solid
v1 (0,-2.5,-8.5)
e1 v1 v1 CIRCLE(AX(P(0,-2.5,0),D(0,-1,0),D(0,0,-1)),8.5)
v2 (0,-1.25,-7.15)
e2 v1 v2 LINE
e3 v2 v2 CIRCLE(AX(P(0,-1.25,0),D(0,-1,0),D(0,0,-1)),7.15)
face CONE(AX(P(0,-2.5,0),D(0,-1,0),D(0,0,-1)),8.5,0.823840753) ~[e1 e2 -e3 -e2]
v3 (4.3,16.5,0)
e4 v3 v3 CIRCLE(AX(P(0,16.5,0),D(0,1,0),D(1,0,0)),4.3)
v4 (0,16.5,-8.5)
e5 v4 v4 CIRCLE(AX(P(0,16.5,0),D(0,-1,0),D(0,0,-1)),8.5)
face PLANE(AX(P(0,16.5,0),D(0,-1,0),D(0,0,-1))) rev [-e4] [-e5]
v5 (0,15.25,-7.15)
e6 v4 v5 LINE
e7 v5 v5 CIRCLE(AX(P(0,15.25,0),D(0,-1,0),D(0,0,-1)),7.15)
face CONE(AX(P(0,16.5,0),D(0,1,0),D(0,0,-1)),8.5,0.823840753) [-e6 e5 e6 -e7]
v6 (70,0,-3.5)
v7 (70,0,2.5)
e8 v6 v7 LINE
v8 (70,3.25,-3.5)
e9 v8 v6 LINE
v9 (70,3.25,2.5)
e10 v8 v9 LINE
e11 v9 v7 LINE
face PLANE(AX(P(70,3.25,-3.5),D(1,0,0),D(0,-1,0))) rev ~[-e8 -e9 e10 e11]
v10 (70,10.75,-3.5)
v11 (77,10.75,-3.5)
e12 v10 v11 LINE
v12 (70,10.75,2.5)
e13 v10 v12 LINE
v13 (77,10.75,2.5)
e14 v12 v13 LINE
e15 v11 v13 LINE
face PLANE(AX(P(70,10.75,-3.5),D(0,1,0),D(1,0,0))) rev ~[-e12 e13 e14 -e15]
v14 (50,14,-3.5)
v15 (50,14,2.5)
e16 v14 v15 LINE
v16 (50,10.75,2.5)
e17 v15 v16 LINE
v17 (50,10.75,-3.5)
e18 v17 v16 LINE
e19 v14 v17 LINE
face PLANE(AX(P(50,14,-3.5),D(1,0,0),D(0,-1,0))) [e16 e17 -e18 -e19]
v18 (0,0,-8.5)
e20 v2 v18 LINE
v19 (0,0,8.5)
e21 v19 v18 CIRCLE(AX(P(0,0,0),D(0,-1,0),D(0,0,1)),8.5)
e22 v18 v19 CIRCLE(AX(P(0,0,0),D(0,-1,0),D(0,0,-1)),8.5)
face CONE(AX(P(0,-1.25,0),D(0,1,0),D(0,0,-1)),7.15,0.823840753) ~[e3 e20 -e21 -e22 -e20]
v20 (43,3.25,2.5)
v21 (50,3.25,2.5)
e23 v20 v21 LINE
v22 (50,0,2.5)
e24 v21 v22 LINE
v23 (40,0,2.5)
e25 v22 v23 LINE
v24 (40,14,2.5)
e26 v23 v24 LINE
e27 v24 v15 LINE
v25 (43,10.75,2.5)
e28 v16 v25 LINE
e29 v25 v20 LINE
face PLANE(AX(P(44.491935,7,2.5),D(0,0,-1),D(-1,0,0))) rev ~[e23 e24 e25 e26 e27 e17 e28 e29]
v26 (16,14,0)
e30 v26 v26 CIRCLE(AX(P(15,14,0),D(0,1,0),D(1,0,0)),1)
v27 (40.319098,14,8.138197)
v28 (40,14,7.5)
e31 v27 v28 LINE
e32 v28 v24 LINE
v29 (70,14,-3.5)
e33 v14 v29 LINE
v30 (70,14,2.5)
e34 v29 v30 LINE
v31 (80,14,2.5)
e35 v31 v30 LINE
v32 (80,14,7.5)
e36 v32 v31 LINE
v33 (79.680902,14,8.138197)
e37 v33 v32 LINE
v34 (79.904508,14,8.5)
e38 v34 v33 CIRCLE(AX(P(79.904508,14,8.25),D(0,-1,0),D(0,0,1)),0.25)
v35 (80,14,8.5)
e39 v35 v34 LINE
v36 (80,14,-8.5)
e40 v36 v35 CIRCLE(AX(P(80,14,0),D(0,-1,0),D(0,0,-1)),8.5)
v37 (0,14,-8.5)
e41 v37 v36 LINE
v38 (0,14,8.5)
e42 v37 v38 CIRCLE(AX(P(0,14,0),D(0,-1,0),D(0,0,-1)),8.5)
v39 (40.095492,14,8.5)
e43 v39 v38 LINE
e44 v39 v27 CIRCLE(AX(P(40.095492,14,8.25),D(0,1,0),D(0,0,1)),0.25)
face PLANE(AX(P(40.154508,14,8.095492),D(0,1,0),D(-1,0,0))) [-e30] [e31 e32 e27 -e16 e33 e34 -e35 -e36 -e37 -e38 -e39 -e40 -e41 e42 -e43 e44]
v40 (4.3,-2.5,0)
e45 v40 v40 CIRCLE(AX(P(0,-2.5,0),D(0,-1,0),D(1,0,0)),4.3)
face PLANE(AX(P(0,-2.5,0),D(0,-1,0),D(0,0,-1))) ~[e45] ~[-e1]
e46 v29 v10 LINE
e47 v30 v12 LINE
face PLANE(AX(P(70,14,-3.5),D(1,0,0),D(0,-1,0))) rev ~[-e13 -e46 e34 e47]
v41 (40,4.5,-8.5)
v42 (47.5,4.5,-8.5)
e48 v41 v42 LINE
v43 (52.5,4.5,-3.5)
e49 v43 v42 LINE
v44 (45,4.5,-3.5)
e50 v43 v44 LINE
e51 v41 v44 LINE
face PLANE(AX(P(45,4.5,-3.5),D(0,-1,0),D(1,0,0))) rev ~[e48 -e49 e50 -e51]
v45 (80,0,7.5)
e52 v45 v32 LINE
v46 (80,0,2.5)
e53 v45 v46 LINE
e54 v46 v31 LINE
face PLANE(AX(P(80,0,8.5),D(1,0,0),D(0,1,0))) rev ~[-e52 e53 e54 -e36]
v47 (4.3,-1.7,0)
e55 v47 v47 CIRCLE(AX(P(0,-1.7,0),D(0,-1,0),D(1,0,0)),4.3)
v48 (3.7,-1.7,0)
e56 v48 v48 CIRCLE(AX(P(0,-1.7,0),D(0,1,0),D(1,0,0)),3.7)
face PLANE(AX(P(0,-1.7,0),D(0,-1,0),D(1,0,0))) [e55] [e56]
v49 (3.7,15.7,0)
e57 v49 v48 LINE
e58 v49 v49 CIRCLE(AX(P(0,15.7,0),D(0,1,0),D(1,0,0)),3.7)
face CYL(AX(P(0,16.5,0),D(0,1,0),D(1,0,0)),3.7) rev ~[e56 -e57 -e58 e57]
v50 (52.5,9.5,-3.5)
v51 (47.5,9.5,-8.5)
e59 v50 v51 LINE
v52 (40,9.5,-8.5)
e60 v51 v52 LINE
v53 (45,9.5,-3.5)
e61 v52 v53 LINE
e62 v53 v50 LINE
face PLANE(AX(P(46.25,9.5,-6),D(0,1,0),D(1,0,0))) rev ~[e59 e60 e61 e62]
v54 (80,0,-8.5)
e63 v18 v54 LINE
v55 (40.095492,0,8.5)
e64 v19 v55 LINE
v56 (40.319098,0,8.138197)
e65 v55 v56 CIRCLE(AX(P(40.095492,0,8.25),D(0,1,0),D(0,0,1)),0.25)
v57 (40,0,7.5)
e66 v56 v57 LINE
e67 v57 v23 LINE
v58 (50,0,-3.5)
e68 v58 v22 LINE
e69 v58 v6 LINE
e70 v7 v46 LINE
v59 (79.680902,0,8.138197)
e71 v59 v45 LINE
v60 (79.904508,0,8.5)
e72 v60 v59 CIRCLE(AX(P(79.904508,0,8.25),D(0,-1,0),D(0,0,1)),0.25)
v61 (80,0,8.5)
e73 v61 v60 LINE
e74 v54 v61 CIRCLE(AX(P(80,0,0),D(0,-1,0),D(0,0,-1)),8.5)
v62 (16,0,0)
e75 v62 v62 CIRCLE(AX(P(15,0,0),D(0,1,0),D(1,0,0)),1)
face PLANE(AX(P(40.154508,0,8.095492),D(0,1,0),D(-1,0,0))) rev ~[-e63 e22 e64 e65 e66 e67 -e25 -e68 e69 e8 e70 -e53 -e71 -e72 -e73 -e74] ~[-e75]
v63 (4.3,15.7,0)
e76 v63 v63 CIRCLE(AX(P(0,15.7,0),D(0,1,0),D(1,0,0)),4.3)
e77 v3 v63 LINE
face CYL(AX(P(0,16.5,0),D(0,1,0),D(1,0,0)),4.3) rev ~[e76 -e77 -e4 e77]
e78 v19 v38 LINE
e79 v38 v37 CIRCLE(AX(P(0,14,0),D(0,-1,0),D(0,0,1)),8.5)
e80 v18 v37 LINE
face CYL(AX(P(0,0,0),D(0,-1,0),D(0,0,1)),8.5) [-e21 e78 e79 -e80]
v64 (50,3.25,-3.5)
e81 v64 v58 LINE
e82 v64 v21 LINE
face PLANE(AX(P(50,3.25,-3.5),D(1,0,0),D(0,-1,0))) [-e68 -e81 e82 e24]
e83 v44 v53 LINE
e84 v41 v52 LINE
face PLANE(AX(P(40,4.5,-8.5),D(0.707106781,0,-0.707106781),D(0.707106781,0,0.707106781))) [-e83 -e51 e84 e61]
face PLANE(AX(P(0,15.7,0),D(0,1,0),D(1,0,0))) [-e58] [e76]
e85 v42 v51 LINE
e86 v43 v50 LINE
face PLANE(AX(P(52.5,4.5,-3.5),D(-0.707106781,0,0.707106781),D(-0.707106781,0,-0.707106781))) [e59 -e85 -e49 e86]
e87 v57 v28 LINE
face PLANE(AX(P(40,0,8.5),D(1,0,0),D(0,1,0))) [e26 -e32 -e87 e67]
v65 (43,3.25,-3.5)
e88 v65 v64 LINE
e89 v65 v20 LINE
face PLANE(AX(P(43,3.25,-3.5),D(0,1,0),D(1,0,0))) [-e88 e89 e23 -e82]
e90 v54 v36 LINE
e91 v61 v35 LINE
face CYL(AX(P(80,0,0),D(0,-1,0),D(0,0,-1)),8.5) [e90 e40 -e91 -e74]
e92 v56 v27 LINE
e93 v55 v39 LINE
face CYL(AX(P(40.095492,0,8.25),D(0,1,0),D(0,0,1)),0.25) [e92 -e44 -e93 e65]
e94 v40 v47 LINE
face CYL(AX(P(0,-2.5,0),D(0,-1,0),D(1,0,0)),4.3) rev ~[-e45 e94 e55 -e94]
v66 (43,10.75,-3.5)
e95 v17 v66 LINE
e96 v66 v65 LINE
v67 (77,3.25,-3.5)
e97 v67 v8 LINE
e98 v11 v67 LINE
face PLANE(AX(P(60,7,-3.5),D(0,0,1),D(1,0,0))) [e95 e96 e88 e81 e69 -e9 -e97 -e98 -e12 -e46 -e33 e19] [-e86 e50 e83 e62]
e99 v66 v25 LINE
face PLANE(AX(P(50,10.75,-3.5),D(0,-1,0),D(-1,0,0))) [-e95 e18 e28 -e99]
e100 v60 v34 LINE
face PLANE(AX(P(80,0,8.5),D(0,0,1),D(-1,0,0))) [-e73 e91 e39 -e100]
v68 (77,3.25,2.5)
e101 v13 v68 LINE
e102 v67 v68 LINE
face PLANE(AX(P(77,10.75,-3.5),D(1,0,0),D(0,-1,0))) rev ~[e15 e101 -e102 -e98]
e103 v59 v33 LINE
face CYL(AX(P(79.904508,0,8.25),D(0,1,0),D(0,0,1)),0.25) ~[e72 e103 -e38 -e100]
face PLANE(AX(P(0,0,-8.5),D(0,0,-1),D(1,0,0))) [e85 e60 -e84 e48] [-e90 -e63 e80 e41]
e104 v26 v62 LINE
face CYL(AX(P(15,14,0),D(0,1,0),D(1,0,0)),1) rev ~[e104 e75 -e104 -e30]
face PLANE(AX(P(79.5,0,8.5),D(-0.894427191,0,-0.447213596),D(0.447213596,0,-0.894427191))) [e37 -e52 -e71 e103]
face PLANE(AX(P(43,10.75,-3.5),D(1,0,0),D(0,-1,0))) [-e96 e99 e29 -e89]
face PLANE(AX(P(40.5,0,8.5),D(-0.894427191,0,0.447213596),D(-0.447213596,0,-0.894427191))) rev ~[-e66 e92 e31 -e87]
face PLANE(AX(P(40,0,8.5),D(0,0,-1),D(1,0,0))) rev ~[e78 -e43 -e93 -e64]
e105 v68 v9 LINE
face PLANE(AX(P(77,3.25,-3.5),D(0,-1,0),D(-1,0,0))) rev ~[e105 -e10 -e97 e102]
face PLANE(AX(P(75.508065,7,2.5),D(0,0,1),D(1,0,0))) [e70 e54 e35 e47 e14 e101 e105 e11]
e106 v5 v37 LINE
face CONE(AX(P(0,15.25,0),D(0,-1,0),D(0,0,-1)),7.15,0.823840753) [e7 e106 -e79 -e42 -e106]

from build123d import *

# Parameters (mm, degrees)
EXTRUDE_1_DEPTH     = 14
SKETCH_3_R          = 3.7
CUT_EXTRUDE_1_DEPTH = 19
SKETCH_5_R          = 4.3
CUT_EXTRUDE_2_DEPTH = 0.8
SKETCH_6_R          = 4.3
CUT_EXTRUDE_3_DEPTH = 0.8
SKETCH_8_W          = 40
SKETCH_8_H          = 14
CUT_EXTRUDE_4_DEPTH = 12
SKETCH_9_W          = 2.5
SKETCH_9_H          = 5
CUT_EXTRUDE_5_DEPTH = 5
CUT_EXTRUDE_6_DEPTH = 5
EXTRUDE_3_DEPTH     = 6
EXTRUDE_5_DEPTH     = 14
FILLET_5_R          = 0.25
SKETCH_15_R         = 1
CUT_EXTRUDE_7_DEPTH = 14


with BuildPart() as part:
    # 스케치1 → 보스-돌출1 (new body)
    with BuildSketch(Plane(origin=(0, 0, 0), x_dir=(1, 0, 0), z_dir=(0, 1, 0))):
        with BuildLine():
            Line((0, 8.5), (80, 8.5))
            ThreePointArc((80, 8.5), (88.5, 0), (80, -8.5))
            Line((80, -8.5), (0, -8.5))
            ThreePointArc((0, -8.5), (-8.5, 0), (0, 8.5))
        make_face()
    extrude(amount=EXTRUDE_1_DEPTH)

    # 스케치2 → 회전1 (revolve)
    with BuildSketch(Plane(origin=(0, 0, 0), x_dir=(0, 0, -1), z_dir=(1, 0, 0))):
        Polygon((0, 14), (0, 16.5), (8.5, 16.5), (7.15, 15.25), (8.5, 14), align=None)
        Polygon((0, 0), (0, -2.5), (8.5, -2.5), (7.15, -1.25), (8.5, 0), align=None)
    revolve(axis=Axis((0, 14, 0), (0, -1, 0)))

    # 스케치3 → 컷-돌출1 (cut)
    with BuildSketch(Plane(origin=(0, 16.5, 0), x_dir=(1, 0, 0), z_dir=(0, 1, 0))):
        Circle(SKETCH_3_R)
    extrude(amount=-CUT_EXTRUDE_1_DEPTH, mode=Mode.SUBTRACT)

    # 스케치5 → 컷-돌출2 (cut)
    with BuildSketch(Plane(origin=(0, 16.5, 0), x_dir=(1, 0, 0), z_dir=(0, 1, 0))):
        Circle(SKETCH_5_R)
    extrude(amount=-CUT_EXTRUDE_2_DEPTH, mode=Mode.SUBTRACT)

    # 스케치6 → 컷-돌출3 (cut)
    with BuildSketch(Plane.XZ.offset(2.5)):
        Circle(SKETCH_6_R)
    extrude(amount=-CUT_EXTRUDE_3_DEPTH, mode=Mode.SUBTRACT)

    # 스케치8 → 컷-돌출4 (cut)
    with BuildSketch(Plane.XY.offset(8.5)):
        with Locations((60, 7)):
            Rectangle(SKETCH_8_W, SKETCH_8_H)
    extrude(amount=-CUT_EXTRUDE_4_DEPTH, mode=Mode.SUBTRACT)

    # 스케치9 → 컷-돌출5 (cut)
    with BuildSketch(Plane.XY.offset(-3.5)):
        with Locations((46.25, 7)):
            Rectangle(SKETCH_9_W, SKETCH_9_H)
    extrude(amount=-CUT_EXTRUDE_5_DEPTH, mode=Mode.SUBTRACT)

    # 스케치11 → 컷-돌출6 (cut)
    with BuildSketch(Plane(origin=(0, 4.5, 0), x_dir=(1, 0, 0), z_dir=(0, 1, 0))):
        Polygon((47.5, 3.5), (52.5, 3.5), (47.5, 8.5), (40, 8.5), (45, 3.5), align=None)
    extrude(amount=CUT_EXTRUDE_6_DEPTH, mode=Mode.SUBTRACT)

    # 스케치12 → 보스-돌출3 (add)
    with BuildSketch(Plane.XY.offset(-3.5)):
        Polygon((80, 14), (70, 14), (70, 10.75), (77, 10.75), (77, 3.25), (70, 3.25), (70, 0), (80, 0), align=None)
        Polygon((50, 14), (50, 10.75), (43, 10.75), (43, 3.25), (50, 3.25), (50, 0), (40, 0), (40, 14), align=None)
    extrude(amount=EXTRUDE_3_DEPTH)

    # 스케치14 → 보스-돌출5 (add)
    with BuildSketch(Plane.XZ):
        Polygon((40, 8.5), (40.5, 8.5), (40, 7.5), align=None)
        Polygon((80, 8.5), (79.5, 8.5), (80, 7.5), align=None)
    extrude(amount=-EXTRUDE_5_DEPTH)

    # 필렛5
    fillet_5_edges = [part.edges().sort_by_distance(p)[0] for p in [
        (40.5, 7, 8.5),
        (79.5, 7, 8.5),
    ]]
    fillet(fillet_5_edges, radius=FILLET_5_R)

    # 스케치15 → 컷-돌출7 (cut)
    with BuildSketch(Plane(origin=(0, 14, 0), x_dir=(1, 0, 0), z_dir=(0, 1, 0))):
        with Locations((15, 0)):
            Circle(SKETCH_15_R)
    extrude(amount=-CUT_EXTRUDE_7_DEPTH, mode=Mode.SUBTRACT)


solid = part.part
